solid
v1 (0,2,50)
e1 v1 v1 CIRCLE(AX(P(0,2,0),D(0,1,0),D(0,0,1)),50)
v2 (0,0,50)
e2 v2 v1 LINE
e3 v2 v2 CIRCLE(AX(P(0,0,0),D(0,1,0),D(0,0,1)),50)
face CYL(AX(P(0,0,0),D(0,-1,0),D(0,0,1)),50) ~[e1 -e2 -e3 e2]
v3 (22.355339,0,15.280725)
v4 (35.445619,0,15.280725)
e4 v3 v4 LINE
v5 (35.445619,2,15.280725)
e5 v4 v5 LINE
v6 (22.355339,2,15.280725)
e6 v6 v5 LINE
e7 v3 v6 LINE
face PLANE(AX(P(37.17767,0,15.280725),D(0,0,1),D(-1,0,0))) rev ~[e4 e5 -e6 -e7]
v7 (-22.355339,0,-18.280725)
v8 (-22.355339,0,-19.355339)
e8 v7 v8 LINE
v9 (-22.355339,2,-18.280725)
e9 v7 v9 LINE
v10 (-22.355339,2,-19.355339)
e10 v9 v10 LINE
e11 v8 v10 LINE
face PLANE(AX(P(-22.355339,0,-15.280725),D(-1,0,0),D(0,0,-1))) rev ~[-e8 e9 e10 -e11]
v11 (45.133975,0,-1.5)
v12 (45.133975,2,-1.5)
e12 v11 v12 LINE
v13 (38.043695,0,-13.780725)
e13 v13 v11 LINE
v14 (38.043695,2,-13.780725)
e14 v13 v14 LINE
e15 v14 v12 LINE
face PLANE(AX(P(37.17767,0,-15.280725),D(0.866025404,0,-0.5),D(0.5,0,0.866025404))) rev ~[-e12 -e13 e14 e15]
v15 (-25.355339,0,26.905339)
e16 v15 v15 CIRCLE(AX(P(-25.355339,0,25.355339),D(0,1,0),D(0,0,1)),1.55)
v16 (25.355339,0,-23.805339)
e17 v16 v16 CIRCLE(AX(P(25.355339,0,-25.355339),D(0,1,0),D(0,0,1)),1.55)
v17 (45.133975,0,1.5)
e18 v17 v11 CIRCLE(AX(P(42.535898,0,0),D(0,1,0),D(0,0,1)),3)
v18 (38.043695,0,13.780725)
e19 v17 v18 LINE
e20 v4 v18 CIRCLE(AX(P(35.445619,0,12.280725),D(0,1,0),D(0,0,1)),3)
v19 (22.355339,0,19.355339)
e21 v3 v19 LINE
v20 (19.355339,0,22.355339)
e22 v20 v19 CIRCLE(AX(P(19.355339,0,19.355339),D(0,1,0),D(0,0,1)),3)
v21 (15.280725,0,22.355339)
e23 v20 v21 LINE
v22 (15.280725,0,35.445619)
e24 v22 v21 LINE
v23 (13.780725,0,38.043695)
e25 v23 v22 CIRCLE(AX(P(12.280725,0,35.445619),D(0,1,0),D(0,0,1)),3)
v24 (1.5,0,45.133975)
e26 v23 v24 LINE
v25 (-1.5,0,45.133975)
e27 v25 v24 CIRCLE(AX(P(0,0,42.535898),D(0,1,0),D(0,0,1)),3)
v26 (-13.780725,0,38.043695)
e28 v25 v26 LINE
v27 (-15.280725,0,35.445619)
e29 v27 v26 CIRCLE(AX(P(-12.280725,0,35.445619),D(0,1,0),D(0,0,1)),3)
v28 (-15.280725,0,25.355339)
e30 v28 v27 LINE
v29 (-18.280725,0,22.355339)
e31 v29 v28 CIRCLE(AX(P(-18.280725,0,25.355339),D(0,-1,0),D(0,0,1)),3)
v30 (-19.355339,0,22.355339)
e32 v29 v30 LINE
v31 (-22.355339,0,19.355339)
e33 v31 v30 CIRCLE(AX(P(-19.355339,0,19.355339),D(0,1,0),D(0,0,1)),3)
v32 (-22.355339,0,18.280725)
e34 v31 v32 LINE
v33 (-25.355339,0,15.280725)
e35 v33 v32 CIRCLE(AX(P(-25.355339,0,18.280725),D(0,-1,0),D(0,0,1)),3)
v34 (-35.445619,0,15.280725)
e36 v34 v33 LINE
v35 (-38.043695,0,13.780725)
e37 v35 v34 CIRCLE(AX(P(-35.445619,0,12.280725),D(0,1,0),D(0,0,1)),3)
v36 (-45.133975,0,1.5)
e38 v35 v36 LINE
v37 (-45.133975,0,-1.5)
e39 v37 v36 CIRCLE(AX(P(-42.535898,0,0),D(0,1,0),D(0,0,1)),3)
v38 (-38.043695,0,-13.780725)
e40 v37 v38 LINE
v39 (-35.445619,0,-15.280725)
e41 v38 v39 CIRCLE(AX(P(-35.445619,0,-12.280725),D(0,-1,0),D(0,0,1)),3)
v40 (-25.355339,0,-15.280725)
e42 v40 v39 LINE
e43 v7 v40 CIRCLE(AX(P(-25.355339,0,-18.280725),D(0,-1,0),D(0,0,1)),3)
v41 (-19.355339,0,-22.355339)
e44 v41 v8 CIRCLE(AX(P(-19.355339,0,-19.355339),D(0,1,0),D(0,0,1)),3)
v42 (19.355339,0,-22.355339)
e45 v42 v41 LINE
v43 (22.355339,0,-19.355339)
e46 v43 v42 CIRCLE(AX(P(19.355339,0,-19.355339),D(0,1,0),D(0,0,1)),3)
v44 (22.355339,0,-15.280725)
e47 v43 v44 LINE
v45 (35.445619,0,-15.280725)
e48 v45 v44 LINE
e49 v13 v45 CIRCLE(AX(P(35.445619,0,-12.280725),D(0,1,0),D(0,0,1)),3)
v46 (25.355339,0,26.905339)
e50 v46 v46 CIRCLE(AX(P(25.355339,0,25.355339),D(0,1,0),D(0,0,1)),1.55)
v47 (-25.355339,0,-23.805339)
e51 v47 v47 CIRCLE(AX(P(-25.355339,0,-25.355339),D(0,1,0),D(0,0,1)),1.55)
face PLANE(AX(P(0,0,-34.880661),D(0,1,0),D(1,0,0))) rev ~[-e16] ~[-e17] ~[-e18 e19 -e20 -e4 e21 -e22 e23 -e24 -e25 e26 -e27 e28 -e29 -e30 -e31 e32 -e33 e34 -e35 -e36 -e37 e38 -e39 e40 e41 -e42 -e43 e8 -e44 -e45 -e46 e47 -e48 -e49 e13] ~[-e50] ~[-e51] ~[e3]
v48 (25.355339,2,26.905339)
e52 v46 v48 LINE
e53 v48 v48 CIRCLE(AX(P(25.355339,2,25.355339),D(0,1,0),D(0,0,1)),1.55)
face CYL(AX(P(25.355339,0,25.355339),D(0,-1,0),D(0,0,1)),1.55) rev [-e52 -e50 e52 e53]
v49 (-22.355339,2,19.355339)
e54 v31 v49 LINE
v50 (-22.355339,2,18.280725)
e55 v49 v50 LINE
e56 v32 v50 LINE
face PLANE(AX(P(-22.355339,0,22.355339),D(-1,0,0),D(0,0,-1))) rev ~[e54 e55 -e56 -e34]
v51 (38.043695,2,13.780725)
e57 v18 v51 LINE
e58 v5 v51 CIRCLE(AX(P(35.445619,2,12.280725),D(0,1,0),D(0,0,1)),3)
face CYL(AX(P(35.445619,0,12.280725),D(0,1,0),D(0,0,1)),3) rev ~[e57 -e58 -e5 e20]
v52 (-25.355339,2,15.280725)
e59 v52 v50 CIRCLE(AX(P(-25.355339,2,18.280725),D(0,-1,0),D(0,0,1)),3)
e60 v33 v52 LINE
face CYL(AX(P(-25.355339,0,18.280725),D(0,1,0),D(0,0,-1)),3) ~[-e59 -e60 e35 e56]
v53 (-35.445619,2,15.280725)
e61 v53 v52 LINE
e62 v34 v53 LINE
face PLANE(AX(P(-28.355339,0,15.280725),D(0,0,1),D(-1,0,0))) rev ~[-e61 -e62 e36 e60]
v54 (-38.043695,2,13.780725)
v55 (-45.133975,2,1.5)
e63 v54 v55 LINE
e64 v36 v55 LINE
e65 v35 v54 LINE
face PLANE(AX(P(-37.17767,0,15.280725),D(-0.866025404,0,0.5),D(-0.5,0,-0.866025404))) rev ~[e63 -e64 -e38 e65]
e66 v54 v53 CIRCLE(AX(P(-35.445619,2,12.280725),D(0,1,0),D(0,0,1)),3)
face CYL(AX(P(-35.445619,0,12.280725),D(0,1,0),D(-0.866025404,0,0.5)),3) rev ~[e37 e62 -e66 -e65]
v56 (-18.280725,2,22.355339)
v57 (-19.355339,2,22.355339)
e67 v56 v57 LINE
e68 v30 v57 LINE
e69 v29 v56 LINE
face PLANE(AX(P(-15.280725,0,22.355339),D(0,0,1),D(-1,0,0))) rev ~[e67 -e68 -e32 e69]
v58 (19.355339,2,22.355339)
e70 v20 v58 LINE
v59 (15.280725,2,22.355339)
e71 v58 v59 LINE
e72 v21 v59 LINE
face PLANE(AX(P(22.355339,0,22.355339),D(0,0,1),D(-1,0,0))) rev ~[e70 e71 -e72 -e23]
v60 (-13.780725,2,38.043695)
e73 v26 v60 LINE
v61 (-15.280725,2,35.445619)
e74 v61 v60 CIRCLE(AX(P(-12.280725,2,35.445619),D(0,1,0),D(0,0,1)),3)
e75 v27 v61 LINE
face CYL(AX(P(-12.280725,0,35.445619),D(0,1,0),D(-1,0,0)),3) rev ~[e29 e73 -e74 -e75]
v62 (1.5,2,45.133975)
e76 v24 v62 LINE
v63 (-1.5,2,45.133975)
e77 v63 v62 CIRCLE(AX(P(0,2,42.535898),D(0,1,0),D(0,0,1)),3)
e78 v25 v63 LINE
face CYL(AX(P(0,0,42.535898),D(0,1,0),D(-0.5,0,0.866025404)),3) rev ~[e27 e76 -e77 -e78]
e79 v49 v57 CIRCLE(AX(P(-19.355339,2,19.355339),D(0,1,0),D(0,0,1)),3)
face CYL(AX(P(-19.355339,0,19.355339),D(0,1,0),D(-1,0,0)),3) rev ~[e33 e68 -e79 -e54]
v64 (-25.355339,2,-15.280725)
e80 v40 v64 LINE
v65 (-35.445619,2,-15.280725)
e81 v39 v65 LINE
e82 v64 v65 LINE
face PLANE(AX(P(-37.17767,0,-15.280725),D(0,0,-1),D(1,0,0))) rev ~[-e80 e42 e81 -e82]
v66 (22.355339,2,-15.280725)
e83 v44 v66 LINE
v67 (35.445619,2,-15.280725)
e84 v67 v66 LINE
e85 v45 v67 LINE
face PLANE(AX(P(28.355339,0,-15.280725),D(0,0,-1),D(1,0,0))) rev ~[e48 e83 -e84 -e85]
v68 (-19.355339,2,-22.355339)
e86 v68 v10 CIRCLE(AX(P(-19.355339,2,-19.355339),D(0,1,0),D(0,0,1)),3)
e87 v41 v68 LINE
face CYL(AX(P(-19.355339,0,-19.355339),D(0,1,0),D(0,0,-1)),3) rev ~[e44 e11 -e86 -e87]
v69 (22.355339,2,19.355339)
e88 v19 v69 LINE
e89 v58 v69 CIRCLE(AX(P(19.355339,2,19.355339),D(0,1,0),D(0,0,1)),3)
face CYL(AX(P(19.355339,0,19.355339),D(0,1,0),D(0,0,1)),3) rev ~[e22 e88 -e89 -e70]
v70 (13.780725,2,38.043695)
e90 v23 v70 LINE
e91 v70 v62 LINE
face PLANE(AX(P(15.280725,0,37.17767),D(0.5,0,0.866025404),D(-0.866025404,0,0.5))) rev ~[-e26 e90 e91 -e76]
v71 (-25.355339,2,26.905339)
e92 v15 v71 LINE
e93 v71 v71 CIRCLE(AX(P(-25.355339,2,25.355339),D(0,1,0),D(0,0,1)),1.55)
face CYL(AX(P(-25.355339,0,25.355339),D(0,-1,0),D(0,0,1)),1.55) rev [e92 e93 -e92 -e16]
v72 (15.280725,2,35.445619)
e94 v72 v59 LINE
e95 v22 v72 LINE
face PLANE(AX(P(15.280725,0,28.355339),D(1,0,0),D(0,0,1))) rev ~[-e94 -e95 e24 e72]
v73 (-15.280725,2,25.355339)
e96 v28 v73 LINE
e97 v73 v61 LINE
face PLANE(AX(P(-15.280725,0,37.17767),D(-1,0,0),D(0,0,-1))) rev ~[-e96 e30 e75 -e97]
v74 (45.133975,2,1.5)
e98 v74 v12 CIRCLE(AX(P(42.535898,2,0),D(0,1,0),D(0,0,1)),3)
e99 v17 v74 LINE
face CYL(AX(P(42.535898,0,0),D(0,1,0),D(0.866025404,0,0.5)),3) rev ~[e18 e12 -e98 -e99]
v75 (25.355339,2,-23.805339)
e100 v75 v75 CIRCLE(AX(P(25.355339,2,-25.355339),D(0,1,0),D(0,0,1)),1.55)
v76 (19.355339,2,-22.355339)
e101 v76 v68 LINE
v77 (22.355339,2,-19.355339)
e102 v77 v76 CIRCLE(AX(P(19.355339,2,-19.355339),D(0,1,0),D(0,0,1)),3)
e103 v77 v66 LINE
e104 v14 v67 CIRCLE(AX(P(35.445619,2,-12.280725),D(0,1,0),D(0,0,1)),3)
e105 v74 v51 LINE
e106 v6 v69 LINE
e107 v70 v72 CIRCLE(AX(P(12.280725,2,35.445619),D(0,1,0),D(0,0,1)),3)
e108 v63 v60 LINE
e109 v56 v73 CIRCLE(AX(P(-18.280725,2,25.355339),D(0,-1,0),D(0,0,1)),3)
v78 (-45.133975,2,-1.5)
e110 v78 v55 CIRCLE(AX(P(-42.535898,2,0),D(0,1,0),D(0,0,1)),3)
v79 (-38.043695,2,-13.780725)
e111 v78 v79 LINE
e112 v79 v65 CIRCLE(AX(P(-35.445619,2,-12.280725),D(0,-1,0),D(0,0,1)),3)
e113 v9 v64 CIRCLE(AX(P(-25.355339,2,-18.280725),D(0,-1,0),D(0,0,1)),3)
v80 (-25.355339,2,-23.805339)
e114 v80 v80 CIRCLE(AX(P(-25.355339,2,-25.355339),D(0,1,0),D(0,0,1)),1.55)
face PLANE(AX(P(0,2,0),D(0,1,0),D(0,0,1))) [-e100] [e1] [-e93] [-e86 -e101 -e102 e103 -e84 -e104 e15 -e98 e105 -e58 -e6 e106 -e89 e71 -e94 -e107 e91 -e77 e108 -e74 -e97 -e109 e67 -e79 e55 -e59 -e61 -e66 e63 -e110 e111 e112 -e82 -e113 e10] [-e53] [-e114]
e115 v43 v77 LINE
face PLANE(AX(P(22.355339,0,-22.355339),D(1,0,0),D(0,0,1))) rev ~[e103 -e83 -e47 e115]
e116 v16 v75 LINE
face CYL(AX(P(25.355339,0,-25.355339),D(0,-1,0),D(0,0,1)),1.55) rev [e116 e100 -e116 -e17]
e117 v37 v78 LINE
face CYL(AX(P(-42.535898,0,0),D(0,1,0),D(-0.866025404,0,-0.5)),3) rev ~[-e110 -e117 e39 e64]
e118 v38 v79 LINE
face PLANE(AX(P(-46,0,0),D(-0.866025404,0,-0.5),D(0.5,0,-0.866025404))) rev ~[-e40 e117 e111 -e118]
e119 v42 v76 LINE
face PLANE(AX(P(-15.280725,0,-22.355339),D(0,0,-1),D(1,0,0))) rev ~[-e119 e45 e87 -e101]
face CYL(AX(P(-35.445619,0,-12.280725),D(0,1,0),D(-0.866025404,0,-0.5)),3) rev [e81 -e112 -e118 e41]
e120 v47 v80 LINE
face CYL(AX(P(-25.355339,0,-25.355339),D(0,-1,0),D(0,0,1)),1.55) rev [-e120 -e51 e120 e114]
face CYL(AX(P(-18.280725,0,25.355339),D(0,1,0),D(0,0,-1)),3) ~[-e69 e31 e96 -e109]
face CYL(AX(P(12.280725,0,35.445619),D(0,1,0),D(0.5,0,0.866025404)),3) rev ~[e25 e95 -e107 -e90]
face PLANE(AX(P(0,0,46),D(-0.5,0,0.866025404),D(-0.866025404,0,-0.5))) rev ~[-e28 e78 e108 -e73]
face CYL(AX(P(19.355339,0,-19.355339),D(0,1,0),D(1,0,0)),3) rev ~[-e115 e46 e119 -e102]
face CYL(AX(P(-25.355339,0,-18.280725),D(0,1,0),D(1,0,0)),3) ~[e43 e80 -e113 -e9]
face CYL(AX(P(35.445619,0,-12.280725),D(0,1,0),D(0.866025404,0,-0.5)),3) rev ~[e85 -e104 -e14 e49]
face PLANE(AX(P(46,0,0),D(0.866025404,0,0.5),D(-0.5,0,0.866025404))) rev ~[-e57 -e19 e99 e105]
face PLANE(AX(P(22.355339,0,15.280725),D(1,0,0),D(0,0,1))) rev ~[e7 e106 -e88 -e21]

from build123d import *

# Parameters (mm, degrees)
SKETCH1_R           = 50
SKETCH1_R_2         = 1.55
SKETCH1_W           = 30.561449232
SKETCH1_H           = 6
BOSS_EXTRUDE2_DEPTH = 2
FILLET1_R           = 3


with BuildPart() as part:
    # Sketch1 → Boss-Extrude2 (new body)
    # profile 1 of 7: a face of its own
    with BuildSketch(Plane(origin=(0, 0, 0), x_dir=(1, 0, 0), z_dir=(0, 1, 0))):
        with Locations(Location((0, 0, 0), (0, 0, 270))):
            Circle(SKETCH1_R)
        Polygon((-28.355339059, 15.280724616), (-28.355339059, 28.355339059), (-15.280724616, 28.355339059), (-15.280724616, 37.17766953), (0, 46), (15.280724616, 37.17766953), (15.280724616, 28.355339059), (28.355339059, 28.355339059), (28.355339059, 15.280724616), (37.17766953, 15.280724616), (46, 0), (37.17766953, -15.280724616), (28.355339059, -15.280724616), (28.355339059, -28.355339059), (15.280724616, -28.355339059), (15.280724616, -37.17766953), (0, -46), (-15.280724616, -37.17766953), (-15.280724616, -28.355339059), (-28.355339059, -28.355339059), (-28.355339059, -15.280724616), (-37.17766953, -15.280724616), (-46, 0), (-37.17766953, 15.280724616), align=None, mode=Mode.SUBTRACT)
    # profile 2 of 7: a face of its own
    with BuildSketch(Plane(origin=(0, 0, 0), x_dir=(1, 0, 0), z_dir=(0, 1, 0))):
        Polygon((28.355339059, -28.355339059), (28.355339059, -15.280724616), (22.355339059, -15.280724616), (22.355339059, -22.355339059), (15.280724616, -22.355339059), (15.280724616, -28.355339059), align=None)
        with Locations(Location((25.355339059, -25.355339059, 0), (0, 0, 270))):
            Circle(SKETCH1_R_2, mode=Mode.SUBTRACT)
    # profile 3 of 7: a face of its own
    with BuildSketch(Plane(origin=(0, 0, 0), x_dir=(1, 0, 0), z_dir=(0, 1, 0))):
        Polygon((-22.355339059, -15.280724616), (-28.355339059, -15.280724616), (-28.355339059, -28.355339059), (-15.280724616, -28.355339059), (-15.280724616, -22.355339059), (-22.355339059, -22.355339059), align=None)
        with Locations(Location((-25.355339059, -25.355339059, 0), (0, 0, 270))):
            Circle(SKETCH1_R_2, mode=Mode.SUBTRACT)
    # profile 4 of 7: a face of its own
    with BuildSketch(Plane(origin=(0, 0, 0), x_dir=(1, 0, 0), z_dir=(0, 1, 0))):
        Polygon((-15.280724616, 28.355339059), (-28.355339059, 28.355339059), (-28.355339059, 15.280724616), (-22.355339059, 15.280724616), (-22.355339059, 22.355339059), (-15.280724616, 22.355339059), align=None)
        with Locations(Location((-25.355339059, 25.355339059, 0), (0, 0, 270))):
            Circle(SKETCH1_R_2, mode=Mode.SUBTRACT)
    # profile 5 of 7: a face of its own
    with BuildSketch(Plane(origin=(0, 0, 0), x_dir=(1, 0, 0), z_dir=(0, 1, 0))):
        Polygon((28.355339059, 28.355339059), (15.280724616, 28.355339059), (15.280724616, 22.355339059), (22.355339059, 22.355339059), (22.355339059, 15.280724616), (28.355339059, 15.280724616), align=None)
        with Locations(Location((25.355339059, 25.355339059, 0), (0, 0, 270))):
            Circle(SKETCH1_R_2, mode=Mode.SUBTRACT)
    # profile 6 of 7: a face of its own
    with BuildSketch(Plane(origin=(0, 0, 0), x_dir=(1, 0, 0), z_dir=(0, 1, 0))):
        with Locations((0, 25.355339059)):
            Rectangle(SKETCH1_W, SKETCH1_H)
    # profile 7 of 7: a face of its own
    with BuildSketch(Plane(origin=(0, 0, 0), x_dir=(1, 0, 0), z_dir=(0, 1, 0))):
        Polygon((-15.280724616, 37.17766953), (-15.280724616, 28.355339059), (15.280724616, 28.355339059), (15.280724616, 37.17766953), (0, 46), align=None)
    extrude(amount=BOSS_EXTRUDE2_DEPTH)

    # Fillet1
    fillet1_edges = [part.edges().sort_by_distance(p)[0] for p in [
        (-22.355339059, 1, -15.280724616),
        (-37.17766953, 1, -15.280724616),
        (-46, 1, 0),
        (-37.17766953, 1, 15.280724616),
        (-22.355339059, 1, 15.280724616),
        (-22.355339059, 1, 22.355339059),
        (-15.280724616, 1, 22.355339059),
        (-15.280724616, 1, 37.17766953),
        (0, 1, 46),
        (15.280724616, 1, 37.17766953),
        (22.355339059, 1, 22.355339059),
        (37.17766953, 1, 15.280724616),
        (46, 1, 0),
        (37.17766953, 1, -15.280724616),
        (22.355339059, 1, -22.355339059),
        (-22.355339059, 1, -22.355339059),
    ]]
    fillet(fillet1_edges, radius=FILLET1_R)


solid = part.part
